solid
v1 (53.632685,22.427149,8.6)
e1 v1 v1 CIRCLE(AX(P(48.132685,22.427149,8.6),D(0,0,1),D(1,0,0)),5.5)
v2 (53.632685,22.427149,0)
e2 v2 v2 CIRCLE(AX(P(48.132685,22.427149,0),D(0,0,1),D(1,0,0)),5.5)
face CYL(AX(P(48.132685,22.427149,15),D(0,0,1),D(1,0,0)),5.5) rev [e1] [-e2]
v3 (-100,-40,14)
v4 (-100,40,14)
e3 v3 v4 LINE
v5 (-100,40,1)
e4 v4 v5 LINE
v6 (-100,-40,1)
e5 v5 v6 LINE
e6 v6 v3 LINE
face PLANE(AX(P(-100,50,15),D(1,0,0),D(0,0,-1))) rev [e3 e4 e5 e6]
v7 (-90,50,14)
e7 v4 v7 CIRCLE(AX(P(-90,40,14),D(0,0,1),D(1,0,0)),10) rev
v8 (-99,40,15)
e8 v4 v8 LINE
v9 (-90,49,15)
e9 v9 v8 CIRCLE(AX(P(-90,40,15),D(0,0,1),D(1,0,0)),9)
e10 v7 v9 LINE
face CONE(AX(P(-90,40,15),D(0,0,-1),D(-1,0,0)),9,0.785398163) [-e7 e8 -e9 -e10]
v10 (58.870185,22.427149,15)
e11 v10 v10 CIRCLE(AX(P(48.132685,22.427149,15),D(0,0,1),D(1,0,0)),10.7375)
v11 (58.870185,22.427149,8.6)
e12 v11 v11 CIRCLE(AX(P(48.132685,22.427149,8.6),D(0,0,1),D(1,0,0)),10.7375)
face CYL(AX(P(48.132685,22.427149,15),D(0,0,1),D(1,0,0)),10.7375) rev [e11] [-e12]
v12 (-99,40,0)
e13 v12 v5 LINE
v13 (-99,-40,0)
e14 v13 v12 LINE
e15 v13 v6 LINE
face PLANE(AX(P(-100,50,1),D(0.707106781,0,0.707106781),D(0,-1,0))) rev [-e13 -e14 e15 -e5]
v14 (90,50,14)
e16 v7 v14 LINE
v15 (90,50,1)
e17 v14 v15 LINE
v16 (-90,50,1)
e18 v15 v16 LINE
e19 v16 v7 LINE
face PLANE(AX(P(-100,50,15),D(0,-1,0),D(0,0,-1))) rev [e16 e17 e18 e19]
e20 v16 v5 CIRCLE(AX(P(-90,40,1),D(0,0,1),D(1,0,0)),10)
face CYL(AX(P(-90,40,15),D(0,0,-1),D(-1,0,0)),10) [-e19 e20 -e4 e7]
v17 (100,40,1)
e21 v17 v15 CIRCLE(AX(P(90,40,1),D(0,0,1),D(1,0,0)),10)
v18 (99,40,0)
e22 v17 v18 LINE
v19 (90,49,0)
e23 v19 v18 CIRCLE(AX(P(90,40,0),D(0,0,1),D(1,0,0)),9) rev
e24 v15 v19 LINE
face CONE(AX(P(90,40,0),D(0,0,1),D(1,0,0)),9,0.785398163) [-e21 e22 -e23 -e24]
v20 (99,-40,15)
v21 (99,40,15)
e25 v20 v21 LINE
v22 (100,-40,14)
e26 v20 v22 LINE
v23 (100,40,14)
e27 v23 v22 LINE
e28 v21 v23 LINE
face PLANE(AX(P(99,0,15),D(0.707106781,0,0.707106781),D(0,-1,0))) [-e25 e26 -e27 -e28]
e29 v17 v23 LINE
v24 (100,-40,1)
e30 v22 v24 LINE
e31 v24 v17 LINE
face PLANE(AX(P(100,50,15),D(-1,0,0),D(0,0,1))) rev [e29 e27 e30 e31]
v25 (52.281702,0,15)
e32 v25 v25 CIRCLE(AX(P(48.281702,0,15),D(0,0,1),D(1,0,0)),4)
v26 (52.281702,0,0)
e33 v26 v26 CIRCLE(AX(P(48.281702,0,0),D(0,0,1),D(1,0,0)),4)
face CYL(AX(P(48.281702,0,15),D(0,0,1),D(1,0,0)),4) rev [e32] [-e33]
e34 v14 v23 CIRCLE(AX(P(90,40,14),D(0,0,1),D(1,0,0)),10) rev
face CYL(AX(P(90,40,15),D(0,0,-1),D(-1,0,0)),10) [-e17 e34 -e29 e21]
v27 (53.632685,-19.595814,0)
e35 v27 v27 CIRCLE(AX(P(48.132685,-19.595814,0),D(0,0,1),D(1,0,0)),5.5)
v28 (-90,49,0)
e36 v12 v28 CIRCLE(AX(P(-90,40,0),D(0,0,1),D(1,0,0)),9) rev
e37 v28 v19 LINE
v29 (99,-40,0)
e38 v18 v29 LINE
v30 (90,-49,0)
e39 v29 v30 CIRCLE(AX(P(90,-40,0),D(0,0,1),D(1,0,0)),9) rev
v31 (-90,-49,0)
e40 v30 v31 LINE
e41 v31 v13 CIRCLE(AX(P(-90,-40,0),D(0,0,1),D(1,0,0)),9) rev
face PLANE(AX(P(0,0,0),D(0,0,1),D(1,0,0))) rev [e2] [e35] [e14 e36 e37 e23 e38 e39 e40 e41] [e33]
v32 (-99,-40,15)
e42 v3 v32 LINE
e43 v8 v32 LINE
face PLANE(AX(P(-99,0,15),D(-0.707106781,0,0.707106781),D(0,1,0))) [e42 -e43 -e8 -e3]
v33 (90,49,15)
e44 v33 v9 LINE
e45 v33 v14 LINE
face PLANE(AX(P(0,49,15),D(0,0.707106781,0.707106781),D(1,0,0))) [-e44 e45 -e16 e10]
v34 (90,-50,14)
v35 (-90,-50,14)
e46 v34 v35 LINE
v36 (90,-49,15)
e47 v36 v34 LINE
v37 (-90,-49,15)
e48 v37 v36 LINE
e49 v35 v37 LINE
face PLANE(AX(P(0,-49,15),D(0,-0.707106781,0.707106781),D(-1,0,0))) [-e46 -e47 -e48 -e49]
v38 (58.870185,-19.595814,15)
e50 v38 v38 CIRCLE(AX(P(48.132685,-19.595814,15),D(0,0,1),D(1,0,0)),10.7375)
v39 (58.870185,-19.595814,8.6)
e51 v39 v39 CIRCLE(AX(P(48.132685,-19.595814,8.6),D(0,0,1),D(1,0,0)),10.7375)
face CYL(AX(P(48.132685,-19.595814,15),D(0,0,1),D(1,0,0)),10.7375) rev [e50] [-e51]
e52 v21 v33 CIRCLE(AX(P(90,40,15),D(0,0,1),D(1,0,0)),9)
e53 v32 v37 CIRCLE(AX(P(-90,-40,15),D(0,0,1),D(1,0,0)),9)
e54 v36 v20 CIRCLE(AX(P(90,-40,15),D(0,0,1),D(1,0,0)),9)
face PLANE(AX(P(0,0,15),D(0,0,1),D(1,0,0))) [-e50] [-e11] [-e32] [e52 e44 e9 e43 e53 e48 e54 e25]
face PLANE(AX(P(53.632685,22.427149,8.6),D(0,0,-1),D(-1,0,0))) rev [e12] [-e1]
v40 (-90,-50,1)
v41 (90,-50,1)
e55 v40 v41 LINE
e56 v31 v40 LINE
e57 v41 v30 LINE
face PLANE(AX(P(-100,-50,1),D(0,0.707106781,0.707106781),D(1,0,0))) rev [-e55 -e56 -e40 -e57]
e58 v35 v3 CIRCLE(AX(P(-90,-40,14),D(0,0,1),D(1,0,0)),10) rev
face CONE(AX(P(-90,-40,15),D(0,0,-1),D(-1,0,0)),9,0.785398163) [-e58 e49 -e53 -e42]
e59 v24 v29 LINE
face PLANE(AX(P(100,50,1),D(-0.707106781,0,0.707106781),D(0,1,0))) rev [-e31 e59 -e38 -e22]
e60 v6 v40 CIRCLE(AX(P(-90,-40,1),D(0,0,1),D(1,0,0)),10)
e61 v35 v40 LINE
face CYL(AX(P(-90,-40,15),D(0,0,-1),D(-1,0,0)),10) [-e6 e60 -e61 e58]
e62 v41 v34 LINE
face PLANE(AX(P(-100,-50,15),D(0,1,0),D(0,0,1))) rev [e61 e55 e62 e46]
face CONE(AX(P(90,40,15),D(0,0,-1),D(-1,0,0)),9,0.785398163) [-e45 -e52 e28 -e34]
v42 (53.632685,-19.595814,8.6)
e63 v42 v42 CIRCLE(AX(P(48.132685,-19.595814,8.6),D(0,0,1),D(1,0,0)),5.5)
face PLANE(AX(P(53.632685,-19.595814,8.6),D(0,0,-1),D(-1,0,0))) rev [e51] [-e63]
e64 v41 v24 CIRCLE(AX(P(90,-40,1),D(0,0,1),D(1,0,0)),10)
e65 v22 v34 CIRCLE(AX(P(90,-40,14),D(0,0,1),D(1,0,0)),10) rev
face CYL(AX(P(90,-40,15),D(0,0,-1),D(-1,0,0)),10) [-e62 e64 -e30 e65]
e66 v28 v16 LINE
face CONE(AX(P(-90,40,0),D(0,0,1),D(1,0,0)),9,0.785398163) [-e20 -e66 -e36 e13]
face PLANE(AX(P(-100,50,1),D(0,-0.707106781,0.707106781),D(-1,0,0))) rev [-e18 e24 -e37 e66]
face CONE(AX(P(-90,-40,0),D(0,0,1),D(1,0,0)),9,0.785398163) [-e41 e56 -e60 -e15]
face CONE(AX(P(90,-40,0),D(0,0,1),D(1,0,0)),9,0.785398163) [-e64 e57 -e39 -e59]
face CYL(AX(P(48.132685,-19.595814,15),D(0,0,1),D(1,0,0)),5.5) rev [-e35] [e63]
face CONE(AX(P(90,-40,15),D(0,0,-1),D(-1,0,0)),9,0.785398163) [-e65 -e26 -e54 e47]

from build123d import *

# Parameters (mm, degrees)
SKETCH1_W                                = 200
SKETCH1_H                                = 100
BOSS_EXTRUDE1_DEPTH                      = 15
FILLET1_R                                = 10
CBORE_FOR_M10_HEX_HEAD_BOLT1_D           = 11
CBORE_FOR_M10_HEX_HEAD_BOLT1_CBORE_D     = 21.475
CBORE_FOR_M10_HEX_HEAD_BOLT1_CBORE_DEPTH = 6.4
F_8_0MM_DOWEL_HOLE1_D                    = 8
CHAMFER1_SIZE                            = 1


with BuildPart() as part:
    # Sketch1 → Boss-Extrude1 (new body)
    with BuildSketch(Plane.XY):
        Rectangle(SKETCH1_W, SKETCH1_H)
    extrude(amount=BOSS_EXTRUDE1_DEPTH)

    # Fillet1
    fillet1_edges = [part.edges().sort_by_distance(p)[0] for p in [
        (100, -50, 7.5),
        (-100, -50, 7.5),
        (-100, 50, 7.5),
        (100, 50, 7.5),
    ]]
    fillet(fillet1_edges, radius=FILLET1_R)

    # CBORE for M10 Hex Head Bolt1 (through all)
    with Locations(Plane.XY.offset(15)):
        with Locations((48.132684833, 22.427148815), (48.132684833, -19.595814413)):
            CounterBoreHole(CBORE_FOR_M10_HEX_HEAD_BOLT1_D / 2, CBORE_FOR_M10_HEX_HEAD_BOLT1_CBORE_D / 2, CBORE_FOR_M10_HEX_HEAD_BOLT1_CBORE_DEPTH)

    # Ø8.0mm Dowel Hole1 (through all)
    with Locations(Plane.XY.offset(15)):
        with Locations((48.281702433, 0)):
            Hole(F_8_0MM_DOWEL_HOLE1_D / 2)

    # Chamfer1
    chamfer1_edges = [part.edges().sort_by_distance(p)[0] for p in [
        (0, 50, 0),
        (0, 50, 15),
        (100, 0, 0),
        (0, -50, 0),
        (-100, 0, 0),
        (-97.071067812, -47.071067812, 0),
        (-97.071067812, 47.071067812, 0),
        (97.071067812, -47.071067812, 0),
        (97.071067812, 47.071067812, 0),
        (100, 0, 15),
        (-100, 0, 15),
        (0, -50, 15),
        (-97.071067812, -47.071067812, 15),
        (-97.071067812, 47.071067812, 15),
        (97.071067812, -47.071067812, 15),
        (97.071067812, 47.071067812, 15),
    ]]
    chamfer(chamfer1_edges, length=CHAMFER1_SIZE)


solid = part.part
